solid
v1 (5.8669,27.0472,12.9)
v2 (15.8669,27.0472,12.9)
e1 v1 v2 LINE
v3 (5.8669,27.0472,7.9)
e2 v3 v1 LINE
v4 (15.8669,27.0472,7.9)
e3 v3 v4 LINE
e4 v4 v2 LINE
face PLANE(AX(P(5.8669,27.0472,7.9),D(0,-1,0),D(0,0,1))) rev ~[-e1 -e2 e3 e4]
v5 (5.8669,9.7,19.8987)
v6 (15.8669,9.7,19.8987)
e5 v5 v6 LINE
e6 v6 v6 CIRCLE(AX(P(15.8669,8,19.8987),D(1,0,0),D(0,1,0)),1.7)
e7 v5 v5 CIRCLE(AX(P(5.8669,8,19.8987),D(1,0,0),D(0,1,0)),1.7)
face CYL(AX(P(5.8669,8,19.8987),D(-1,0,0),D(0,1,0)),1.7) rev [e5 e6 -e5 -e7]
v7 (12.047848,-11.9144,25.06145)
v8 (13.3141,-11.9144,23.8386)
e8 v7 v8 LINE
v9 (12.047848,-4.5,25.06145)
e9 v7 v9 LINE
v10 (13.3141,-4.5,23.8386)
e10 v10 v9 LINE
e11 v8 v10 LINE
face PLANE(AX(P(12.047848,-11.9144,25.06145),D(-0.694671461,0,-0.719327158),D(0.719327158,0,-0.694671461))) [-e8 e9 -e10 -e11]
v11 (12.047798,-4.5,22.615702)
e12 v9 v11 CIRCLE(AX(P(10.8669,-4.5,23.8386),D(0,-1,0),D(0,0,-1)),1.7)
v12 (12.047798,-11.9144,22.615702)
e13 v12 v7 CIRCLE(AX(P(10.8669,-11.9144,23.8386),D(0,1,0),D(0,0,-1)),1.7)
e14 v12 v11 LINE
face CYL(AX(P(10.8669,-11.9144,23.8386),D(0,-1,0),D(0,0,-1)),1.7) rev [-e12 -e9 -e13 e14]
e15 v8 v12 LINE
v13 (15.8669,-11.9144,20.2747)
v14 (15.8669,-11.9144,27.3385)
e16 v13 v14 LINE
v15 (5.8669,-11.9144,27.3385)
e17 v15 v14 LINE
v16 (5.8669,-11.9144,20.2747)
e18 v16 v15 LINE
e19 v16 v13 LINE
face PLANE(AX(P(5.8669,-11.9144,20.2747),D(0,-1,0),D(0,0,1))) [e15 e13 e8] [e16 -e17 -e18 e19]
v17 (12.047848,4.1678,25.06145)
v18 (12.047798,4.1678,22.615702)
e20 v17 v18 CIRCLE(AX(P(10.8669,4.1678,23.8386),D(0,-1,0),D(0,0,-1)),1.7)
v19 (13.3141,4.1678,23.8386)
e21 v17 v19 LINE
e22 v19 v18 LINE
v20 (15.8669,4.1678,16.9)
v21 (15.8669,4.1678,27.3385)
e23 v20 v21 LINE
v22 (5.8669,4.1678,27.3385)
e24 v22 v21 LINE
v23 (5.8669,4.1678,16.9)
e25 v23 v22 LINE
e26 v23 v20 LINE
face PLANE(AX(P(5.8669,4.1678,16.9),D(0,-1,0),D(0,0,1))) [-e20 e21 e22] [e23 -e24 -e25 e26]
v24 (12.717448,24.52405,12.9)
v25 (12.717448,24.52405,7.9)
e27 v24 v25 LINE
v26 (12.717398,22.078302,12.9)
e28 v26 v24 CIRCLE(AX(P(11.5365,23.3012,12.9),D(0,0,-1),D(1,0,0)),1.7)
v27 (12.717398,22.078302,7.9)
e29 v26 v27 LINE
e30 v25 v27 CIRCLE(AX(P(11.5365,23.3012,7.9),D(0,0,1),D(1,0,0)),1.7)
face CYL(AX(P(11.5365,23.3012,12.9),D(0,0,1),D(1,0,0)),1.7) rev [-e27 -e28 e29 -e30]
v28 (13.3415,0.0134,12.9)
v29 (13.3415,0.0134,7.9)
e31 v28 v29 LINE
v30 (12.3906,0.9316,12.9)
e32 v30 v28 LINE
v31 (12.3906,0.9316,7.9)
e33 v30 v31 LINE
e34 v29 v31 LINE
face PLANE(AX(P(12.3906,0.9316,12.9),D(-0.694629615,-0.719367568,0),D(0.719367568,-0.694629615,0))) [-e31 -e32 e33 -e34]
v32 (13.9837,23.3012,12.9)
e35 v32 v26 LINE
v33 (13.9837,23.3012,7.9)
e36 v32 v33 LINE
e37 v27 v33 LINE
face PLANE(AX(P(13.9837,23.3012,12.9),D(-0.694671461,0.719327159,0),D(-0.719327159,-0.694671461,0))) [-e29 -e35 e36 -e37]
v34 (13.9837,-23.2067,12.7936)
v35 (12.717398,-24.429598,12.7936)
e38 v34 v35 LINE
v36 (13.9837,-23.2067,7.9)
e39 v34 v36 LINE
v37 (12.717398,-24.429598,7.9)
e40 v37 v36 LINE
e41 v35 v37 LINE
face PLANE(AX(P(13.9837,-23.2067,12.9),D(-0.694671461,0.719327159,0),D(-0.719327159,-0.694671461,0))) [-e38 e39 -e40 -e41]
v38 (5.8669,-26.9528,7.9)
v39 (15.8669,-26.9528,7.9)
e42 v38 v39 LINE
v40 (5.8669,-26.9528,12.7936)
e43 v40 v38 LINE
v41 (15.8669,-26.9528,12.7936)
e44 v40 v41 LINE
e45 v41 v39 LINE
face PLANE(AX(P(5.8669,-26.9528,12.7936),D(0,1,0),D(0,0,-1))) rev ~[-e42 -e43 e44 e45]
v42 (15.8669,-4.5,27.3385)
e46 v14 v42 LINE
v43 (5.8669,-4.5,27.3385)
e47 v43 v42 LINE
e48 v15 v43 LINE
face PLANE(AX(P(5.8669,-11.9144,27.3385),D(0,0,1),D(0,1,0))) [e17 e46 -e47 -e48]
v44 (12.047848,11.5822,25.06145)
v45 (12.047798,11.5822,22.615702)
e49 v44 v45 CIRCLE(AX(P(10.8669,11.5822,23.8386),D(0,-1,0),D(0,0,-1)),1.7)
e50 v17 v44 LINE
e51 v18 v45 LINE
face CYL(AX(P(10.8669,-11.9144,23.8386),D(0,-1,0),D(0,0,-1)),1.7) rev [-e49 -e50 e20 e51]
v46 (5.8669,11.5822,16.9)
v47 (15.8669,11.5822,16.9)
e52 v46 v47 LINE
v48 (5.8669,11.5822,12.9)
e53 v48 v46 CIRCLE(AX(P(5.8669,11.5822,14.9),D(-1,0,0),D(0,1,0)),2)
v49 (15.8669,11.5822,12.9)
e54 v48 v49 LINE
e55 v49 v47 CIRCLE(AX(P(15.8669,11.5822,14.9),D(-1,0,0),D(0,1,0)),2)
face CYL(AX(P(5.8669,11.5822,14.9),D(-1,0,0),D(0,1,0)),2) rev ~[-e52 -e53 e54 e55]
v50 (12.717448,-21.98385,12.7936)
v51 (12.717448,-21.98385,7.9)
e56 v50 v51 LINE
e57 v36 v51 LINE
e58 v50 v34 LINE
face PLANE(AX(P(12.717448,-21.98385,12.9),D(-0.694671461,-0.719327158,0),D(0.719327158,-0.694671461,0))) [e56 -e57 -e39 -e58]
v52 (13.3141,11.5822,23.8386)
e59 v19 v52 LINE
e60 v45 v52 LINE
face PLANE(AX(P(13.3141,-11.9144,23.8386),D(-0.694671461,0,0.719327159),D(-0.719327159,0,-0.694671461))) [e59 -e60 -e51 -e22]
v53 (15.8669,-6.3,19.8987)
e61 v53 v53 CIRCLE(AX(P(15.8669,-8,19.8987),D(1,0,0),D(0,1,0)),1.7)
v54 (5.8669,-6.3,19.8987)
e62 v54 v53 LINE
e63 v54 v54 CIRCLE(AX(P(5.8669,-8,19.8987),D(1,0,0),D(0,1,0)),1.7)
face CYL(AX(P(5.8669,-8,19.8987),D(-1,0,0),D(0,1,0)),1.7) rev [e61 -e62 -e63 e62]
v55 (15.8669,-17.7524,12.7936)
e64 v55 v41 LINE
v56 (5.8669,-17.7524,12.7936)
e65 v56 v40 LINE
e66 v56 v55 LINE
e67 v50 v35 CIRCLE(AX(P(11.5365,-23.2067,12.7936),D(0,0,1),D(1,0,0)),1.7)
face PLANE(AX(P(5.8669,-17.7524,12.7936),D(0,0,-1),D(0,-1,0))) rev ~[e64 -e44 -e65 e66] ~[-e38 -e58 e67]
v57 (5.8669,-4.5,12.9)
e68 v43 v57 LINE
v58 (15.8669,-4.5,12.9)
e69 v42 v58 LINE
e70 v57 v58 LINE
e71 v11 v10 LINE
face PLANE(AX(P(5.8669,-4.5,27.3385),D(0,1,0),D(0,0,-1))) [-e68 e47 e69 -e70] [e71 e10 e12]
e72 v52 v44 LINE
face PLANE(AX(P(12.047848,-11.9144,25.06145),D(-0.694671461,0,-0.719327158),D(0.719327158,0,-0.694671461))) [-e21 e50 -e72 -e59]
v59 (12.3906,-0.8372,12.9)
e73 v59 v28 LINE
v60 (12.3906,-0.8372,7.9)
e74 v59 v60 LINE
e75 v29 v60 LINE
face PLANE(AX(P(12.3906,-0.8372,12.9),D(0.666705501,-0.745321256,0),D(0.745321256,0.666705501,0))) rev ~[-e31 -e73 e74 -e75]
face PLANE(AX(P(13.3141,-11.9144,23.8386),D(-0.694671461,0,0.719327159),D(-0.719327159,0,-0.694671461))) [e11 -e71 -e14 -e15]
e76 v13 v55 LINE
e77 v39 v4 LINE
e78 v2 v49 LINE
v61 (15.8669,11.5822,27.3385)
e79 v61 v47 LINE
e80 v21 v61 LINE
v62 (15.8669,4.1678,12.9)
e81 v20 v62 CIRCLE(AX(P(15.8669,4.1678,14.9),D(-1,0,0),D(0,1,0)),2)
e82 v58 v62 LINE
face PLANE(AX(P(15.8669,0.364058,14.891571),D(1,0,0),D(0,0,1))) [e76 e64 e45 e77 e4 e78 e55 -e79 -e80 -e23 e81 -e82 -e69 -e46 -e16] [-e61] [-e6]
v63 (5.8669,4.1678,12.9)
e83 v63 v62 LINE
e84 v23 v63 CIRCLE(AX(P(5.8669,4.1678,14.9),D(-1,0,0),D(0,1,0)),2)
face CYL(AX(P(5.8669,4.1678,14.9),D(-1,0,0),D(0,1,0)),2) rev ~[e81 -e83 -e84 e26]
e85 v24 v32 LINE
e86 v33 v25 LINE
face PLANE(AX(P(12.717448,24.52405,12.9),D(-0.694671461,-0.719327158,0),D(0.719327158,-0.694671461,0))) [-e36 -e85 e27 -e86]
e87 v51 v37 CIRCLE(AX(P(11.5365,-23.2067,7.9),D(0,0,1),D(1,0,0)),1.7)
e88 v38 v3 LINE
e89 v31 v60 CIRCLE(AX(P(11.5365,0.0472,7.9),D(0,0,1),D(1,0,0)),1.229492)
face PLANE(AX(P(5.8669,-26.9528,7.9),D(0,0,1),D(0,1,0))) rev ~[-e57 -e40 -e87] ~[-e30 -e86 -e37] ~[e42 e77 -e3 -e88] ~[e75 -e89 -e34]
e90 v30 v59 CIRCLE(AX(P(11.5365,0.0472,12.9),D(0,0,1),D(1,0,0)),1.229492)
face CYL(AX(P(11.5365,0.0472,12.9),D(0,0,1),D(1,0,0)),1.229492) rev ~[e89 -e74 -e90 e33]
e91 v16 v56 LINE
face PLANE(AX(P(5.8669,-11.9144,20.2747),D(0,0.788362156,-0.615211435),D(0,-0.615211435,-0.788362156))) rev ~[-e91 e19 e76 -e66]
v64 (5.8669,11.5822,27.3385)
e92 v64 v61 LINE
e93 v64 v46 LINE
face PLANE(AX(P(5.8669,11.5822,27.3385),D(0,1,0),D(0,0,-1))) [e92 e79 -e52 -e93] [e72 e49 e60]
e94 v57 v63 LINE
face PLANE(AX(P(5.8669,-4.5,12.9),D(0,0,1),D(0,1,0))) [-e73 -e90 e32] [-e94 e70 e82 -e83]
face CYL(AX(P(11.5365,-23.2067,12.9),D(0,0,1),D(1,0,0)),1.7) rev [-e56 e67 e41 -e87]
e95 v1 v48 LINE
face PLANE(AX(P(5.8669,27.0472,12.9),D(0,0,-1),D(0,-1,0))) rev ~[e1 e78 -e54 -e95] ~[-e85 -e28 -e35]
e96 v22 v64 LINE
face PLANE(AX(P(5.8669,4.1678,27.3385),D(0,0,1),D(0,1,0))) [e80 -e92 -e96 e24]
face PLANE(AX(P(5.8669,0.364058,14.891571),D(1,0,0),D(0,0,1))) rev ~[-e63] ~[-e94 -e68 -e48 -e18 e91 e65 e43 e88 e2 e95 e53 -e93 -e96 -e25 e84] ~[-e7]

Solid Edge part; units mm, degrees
sketch "Sketch1" plane through (5.8669, 0, 0) normal (1, 0, 0) x (0, 1, 0)
  circle A0 centre (-8, 19.8987) radius 1.7
  circle A1 centre (8, 19.8987) radius 1.7
  line L0 (27.0472, 7.9) -> (27.0472, 12.9)
  line L1 (27.0472, 12.9) -> (11.5822, 12.9)
  line L2 (11.5822, 27.3385) -> (11.5822, 16.9)
  line L3 (4.1678, 27.3385) -> (11.5822, 27.3385)
  line L4 (4.1678, 16.9) -> (4.1678, 27.3385)
  line L5 (-4.5, 12.9) -> (4.1678, 12.9)
  line L6 (-4.5, 27.3385) -> (-4.5, 12.9)
  line L7 (-11.9144, 27.3385) -> (-4.5, 27.3385)
  line L8 (-11.9144, 20.2747) -> (-11.9144, 27.3385)
  line L9 (-11.9144, 20.2747) -> (-17.7524, 12.7936)
  line L10 (-17.7524, 12.7936) -> (-26.9528, 12.7936)
  line L11 (-26.9528, 12.7936) -> (-26.9528, 7.9)
  line L12 (-26.9528, 7.9) -> (27.0472, 7.9)
  arc A2 (11.5822, 12.9) -> (11.5822, 16.9) centre (11.5822, 14.9) cw
  arc A3 (4.1678, 16.9) -> (4.1678, 12.9) centre (4.1678, 14.9) cw
extrude "ExtrudedProtrusion_1" add sketch "Sketch1" along normal blind 10
sketch "Sketch2" plane through (10.8669, 19.3147, 12.9) normal (0, 0, 1) x (1, 0, 0)
  line L0 (1.5237, -20.1519) -> (2.4746, -19.3013)
  line L1 (1.5237, -18.3831) -> (2.4746, -19.3013)
  arc A0 (1.5237, -18.3831) -> (1.5237, -20.1519) centre (0.6696, -19.2675) ccw
  line L2 (1.8505, -41.2986) -> (3.1168, -42.5214)
  line L3 (3.1168, -42.5214) -> (1.8505, -43.7443)
  arc A1 (1.8505, -43.7443) -> (1.8505, -41.2986) centre (0.6696, -42.5214) cw
  line L4 (1.8505, 5.2093) -> (3.1168, 3.9865)
  line L5 (3.1168, 3.9865) -> (1.8505, 2.7636)
  arc A2 (1.8505, 2.7636) -> (1.8505, 5.2093) centre (0.6696, 3.9865) cw
extrude "Cutout1" cut sketch "Sketch2" against normal up to next
sketch "Sketch3" plane through (10.8669, -11.9144, 24.843) normal (0, -1, 0) x (0, 0, -1)
  line L0 (-0.2184, 1.1809) -> (1.0044, 2.4472)
  line L1 (1.0044, 2.4472) -> (2.2273, 1.1809)
  arc A0 (2.2273, 1.1809) -> (-0.2184, 1.1809) centre (1.0044, 0) cw
extrude "Cutout2" cut sketch "Sketch3" against normal through all
properties material "ABS Plastic, high impact"
